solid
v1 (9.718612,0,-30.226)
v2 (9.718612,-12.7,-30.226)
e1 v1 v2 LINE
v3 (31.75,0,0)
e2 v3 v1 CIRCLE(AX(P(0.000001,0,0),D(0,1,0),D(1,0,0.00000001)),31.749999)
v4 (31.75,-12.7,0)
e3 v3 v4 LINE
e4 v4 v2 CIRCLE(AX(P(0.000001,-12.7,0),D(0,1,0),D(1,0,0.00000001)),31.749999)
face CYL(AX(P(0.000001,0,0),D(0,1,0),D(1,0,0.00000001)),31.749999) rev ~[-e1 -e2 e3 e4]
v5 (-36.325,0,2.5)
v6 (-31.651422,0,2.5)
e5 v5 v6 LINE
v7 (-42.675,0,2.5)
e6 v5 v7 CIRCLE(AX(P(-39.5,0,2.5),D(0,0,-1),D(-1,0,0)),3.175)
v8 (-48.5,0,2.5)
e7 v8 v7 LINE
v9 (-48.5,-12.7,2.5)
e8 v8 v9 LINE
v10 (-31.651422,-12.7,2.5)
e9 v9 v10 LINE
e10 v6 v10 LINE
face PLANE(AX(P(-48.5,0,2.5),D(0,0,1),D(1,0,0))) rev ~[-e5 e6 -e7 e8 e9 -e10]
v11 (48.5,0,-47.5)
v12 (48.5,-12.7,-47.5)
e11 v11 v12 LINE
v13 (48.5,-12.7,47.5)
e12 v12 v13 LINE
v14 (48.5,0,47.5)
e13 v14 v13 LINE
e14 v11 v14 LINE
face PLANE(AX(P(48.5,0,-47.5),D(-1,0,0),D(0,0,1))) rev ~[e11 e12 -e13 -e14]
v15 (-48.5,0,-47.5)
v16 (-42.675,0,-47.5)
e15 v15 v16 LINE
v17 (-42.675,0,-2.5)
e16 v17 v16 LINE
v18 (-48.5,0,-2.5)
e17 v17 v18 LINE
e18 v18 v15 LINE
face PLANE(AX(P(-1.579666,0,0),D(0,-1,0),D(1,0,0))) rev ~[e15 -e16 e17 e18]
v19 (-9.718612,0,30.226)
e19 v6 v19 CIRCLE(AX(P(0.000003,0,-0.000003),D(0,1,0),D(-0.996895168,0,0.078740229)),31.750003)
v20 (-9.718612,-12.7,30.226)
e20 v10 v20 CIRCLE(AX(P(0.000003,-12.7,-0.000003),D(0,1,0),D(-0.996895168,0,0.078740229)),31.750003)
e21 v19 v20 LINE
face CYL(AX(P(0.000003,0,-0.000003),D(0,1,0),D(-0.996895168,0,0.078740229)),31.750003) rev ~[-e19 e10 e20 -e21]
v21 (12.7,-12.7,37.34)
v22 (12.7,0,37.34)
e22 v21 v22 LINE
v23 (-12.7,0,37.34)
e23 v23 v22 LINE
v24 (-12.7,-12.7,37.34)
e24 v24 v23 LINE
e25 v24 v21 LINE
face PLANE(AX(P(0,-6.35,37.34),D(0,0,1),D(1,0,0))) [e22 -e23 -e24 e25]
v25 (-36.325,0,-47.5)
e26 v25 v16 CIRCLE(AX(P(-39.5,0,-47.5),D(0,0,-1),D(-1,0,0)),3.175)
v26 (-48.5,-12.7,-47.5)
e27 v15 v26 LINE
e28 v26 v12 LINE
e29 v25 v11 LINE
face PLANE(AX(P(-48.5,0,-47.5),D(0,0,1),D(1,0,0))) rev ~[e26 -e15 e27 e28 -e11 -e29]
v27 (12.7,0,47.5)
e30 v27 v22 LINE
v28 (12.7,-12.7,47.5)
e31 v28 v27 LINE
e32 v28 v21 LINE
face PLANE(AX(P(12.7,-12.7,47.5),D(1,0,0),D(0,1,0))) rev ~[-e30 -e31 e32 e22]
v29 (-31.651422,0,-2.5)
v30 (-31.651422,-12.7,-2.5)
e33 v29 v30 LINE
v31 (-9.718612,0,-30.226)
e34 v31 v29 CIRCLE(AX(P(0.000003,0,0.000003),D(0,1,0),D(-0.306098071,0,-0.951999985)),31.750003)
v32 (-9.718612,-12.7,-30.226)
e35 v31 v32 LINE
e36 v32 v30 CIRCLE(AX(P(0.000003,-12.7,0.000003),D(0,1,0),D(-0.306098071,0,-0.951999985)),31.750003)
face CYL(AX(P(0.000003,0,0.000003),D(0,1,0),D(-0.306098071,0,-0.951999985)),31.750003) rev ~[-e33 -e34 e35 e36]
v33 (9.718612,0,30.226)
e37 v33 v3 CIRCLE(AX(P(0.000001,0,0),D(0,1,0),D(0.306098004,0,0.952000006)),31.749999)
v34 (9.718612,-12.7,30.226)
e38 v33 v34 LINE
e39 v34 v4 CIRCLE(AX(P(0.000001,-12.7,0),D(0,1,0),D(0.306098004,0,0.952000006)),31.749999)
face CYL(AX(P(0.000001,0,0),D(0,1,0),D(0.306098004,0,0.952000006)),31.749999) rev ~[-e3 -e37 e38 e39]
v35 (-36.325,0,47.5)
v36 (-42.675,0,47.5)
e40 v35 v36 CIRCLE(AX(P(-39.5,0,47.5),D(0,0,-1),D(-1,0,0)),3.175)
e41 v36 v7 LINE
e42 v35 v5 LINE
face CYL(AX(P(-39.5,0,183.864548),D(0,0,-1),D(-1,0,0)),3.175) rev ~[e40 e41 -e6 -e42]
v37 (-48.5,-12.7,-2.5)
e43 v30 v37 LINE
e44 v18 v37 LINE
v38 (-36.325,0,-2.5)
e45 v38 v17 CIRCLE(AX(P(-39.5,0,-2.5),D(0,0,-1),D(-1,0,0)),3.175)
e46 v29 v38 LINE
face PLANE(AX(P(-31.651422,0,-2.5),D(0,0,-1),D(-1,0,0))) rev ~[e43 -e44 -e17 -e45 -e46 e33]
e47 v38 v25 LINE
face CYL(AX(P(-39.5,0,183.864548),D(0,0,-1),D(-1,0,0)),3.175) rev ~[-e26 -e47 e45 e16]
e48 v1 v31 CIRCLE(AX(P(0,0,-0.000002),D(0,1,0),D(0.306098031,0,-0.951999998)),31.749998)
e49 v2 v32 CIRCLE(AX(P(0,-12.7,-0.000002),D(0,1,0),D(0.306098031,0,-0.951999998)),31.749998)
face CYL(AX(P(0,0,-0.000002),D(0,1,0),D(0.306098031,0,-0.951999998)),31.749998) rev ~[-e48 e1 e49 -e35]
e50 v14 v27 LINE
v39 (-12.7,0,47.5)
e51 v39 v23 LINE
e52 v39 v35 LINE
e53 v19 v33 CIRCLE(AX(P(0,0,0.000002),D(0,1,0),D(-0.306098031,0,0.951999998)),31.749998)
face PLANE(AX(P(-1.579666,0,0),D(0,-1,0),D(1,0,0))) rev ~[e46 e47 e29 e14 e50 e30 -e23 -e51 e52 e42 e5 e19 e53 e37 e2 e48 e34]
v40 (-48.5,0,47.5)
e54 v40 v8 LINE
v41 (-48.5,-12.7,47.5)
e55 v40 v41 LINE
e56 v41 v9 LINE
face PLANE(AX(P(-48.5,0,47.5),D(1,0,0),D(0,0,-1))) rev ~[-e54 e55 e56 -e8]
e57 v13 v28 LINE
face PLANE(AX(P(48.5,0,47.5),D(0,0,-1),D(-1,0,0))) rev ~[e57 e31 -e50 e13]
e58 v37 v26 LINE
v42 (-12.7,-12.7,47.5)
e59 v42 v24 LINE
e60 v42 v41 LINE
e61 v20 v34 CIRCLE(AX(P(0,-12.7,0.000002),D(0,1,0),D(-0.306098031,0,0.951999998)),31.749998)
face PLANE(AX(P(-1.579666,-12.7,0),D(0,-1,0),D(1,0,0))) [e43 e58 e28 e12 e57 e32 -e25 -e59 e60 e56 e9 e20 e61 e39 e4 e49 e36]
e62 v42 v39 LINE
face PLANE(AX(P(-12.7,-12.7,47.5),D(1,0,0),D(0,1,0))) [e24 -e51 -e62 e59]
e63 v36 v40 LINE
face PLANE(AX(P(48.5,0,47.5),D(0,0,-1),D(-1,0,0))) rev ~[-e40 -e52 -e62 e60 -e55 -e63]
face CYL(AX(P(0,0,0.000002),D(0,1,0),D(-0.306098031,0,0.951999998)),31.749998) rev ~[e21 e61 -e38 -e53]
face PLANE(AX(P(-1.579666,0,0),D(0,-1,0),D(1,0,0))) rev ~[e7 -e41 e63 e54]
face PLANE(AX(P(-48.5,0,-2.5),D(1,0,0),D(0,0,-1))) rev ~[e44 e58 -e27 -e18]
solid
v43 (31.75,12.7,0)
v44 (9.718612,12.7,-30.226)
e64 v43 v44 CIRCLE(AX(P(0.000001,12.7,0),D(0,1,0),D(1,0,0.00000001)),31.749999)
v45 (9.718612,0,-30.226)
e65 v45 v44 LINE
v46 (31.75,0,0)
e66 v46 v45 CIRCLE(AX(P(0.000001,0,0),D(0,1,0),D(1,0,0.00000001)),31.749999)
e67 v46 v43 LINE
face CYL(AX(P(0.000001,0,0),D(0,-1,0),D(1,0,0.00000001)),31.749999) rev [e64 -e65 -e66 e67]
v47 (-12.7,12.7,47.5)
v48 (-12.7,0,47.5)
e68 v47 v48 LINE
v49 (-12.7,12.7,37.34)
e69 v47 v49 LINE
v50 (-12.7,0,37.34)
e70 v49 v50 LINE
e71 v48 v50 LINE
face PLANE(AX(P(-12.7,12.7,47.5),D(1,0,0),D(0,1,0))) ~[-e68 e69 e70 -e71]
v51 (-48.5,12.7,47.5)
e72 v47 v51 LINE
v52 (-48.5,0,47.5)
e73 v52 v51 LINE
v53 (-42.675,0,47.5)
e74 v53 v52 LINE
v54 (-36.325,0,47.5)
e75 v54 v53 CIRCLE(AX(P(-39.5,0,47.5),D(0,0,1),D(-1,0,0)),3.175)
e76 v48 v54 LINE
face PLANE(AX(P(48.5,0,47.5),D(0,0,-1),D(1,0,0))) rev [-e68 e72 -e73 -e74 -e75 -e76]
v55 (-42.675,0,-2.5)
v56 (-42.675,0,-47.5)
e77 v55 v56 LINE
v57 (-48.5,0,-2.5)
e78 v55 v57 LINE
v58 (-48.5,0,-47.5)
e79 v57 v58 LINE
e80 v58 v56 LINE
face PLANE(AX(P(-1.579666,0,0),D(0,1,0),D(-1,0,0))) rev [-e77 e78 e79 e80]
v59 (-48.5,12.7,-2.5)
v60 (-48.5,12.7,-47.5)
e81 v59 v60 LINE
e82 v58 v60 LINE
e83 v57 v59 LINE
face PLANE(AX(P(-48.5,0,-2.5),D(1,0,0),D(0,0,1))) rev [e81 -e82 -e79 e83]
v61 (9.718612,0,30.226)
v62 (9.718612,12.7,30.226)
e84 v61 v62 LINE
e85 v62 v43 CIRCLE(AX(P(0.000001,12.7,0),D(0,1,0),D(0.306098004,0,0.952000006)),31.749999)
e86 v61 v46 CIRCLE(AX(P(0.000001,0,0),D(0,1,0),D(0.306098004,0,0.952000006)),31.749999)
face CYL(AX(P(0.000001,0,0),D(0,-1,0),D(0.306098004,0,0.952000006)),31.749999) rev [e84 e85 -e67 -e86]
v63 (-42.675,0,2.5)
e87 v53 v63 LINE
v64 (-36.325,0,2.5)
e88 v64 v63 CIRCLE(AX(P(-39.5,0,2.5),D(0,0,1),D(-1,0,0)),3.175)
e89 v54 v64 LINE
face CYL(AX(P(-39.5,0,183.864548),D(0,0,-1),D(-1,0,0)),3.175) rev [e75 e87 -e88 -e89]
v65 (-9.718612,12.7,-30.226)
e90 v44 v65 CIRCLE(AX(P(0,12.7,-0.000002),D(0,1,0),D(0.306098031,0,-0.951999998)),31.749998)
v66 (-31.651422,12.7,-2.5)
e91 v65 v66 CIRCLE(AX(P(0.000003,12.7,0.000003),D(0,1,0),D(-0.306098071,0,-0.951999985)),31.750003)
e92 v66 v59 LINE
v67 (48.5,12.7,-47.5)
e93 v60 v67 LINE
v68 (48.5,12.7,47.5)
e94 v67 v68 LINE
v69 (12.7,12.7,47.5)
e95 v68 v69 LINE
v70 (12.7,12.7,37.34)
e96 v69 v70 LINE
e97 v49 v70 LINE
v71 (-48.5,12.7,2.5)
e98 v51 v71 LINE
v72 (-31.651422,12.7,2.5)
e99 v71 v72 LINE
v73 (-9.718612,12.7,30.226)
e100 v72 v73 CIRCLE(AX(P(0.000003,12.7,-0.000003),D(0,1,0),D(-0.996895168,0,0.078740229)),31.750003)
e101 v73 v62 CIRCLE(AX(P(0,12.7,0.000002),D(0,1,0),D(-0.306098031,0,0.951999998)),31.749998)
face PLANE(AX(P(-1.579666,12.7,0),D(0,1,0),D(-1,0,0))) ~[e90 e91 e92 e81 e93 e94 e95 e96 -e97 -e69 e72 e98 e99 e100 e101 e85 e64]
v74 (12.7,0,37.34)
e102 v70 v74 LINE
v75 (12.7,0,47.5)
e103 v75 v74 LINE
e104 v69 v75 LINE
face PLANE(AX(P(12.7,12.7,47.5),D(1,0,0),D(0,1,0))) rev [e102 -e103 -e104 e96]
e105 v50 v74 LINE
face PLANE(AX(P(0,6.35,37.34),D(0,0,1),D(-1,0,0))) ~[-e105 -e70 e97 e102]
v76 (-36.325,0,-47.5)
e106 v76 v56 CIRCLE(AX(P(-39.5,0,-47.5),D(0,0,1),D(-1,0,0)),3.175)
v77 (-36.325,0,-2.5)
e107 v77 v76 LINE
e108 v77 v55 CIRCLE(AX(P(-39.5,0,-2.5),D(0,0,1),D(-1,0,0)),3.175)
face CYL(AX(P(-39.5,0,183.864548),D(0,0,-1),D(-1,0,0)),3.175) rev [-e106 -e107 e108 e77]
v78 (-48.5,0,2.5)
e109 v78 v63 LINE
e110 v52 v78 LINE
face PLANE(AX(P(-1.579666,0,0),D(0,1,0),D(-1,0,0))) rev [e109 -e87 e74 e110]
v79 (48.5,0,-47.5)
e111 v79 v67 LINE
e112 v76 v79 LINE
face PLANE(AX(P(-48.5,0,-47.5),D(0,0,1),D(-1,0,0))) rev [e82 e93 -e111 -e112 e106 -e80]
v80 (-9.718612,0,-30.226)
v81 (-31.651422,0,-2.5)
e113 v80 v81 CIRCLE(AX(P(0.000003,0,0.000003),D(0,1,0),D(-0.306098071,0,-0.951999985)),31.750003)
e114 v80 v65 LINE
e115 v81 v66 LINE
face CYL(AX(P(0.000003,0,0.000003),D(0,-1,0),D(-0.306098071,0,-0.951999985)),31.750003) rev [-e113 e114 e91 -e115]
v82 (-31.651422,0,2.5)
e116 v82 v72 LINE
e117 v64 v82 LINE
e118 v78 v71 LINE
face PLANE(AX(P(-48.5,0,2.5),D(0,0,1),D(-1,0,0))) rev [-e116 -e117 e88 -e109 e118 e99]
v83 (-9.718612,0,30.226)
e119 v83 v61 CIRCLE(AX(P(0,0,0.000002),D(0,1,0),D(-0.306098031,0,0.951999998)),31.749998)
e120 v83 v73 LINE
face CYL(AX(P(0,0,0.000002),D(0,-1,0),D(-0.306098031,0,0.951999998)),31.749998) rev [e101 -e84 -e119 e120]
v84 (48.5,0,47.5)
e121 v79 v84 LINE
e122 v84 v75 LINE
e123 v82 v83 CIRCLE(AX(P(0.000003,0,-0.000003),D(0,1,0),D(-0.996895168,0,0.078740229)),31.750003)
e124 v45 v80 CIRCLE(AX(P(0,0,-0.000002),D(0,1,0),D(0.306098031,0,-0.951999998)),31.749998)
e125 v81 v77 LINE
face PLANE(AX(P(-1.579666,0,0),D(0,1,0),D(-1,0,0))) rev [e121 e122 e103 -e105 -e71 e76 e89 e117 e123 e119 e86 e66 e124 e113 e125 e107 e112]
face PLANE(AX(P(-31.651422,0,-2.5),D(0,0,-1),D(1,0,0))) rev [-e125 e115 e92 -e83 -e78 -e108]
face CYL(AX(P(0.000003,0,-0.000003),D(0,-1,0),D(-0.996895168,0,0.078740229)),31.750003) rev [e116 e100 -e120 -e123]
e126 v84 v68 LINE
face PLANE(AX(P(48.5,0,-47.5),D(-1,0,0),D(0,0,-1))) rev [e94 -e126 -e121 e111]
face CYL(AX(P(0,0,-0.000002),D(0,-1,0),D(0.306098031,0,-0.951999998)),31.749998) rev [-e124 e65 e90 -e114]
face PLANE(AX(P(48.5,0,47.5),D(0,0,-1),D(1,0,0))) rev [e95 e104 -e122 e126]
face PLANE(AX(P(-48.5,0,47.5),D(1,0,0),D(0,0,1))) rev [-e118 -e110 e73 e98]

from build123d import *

# Parameters (mm, degrees)
F1_DEPTH = 12.7
F2_W     = 25.4
F2_H     = 12.7
F3_DEPTH = 10.16
F6_D     = 6.35
F6_2_D   = 6.35


with BuildPart() as f1:
    # F0 (on Front) → F1 (new body)
    with BuildSketch(Plane.XZ):
        with BuildLine():
            ThreePointArc((-31.651422, 2.5), (-24.900857, 19.697964), (-9.718612, 30.226))
            ThreePointArc((-9.718612, 30.226), (0, 31.75), (9.718612, 30.226))
            ThreePointArc((9.718612, 30.226), (25.657635, 18.701558), (31.75, 0))
            ThreePointArc((31.75, 0), (25.657635, -18.701558), (9.718612, -30.226))
            ThreePointArc((9.718612, -30.226), (0, -31.75), (-9.718612, -30.226))
            ThreePointArc((-9.718612, -30.226), (-24.900857, -19.697964), (-31.651422, -2.5))
            Line((-31.651422, -2.5), (-48.5, -2.5))
            Line((-48.5, -2.5), (-48.5, -47.5))
            Line((-48.5, -47.5), (48.5, -47.5))
            Line((48.5, -47.5), (48.5, 47.5))
            Line((48.5, 47.5), (-48.5, 47.5))
            Line((-48.5, 47.5), (-48.5, 2.5))
            Line((-48.5, 2.5), (-31.651422, 2.5))
        make_face()
    extrude(amount=F1_DEPTH)

    # F2 (on face) → F3 (cut)
    with BuildSketch(Plane.XY.offset(47.5)):
        with Locations((0, -6.35)):
            Rectangle(F2_W, F2_H)
    extrude(amount=-F3_DEPTH, mode=Mode.SUBTRACT)

    # F6 (through all)
    with Locations(Plane.XY.offset(47.5)):
        with Locations((-39.5, 0)):
            Hole(F6_D / 2)


with BuildPart() as f4_1:
    # F4: instance of F1
    add(f1.part.mirror(Plane.XZ))

    # F6#2 (through all)
    with Locations(Plane.XY.offset(47.5)):
        with Locations((-39.5, 0)):
            Hole(F6_2_D / 2)


solid = Compound([f1.part, f4_1.part])
